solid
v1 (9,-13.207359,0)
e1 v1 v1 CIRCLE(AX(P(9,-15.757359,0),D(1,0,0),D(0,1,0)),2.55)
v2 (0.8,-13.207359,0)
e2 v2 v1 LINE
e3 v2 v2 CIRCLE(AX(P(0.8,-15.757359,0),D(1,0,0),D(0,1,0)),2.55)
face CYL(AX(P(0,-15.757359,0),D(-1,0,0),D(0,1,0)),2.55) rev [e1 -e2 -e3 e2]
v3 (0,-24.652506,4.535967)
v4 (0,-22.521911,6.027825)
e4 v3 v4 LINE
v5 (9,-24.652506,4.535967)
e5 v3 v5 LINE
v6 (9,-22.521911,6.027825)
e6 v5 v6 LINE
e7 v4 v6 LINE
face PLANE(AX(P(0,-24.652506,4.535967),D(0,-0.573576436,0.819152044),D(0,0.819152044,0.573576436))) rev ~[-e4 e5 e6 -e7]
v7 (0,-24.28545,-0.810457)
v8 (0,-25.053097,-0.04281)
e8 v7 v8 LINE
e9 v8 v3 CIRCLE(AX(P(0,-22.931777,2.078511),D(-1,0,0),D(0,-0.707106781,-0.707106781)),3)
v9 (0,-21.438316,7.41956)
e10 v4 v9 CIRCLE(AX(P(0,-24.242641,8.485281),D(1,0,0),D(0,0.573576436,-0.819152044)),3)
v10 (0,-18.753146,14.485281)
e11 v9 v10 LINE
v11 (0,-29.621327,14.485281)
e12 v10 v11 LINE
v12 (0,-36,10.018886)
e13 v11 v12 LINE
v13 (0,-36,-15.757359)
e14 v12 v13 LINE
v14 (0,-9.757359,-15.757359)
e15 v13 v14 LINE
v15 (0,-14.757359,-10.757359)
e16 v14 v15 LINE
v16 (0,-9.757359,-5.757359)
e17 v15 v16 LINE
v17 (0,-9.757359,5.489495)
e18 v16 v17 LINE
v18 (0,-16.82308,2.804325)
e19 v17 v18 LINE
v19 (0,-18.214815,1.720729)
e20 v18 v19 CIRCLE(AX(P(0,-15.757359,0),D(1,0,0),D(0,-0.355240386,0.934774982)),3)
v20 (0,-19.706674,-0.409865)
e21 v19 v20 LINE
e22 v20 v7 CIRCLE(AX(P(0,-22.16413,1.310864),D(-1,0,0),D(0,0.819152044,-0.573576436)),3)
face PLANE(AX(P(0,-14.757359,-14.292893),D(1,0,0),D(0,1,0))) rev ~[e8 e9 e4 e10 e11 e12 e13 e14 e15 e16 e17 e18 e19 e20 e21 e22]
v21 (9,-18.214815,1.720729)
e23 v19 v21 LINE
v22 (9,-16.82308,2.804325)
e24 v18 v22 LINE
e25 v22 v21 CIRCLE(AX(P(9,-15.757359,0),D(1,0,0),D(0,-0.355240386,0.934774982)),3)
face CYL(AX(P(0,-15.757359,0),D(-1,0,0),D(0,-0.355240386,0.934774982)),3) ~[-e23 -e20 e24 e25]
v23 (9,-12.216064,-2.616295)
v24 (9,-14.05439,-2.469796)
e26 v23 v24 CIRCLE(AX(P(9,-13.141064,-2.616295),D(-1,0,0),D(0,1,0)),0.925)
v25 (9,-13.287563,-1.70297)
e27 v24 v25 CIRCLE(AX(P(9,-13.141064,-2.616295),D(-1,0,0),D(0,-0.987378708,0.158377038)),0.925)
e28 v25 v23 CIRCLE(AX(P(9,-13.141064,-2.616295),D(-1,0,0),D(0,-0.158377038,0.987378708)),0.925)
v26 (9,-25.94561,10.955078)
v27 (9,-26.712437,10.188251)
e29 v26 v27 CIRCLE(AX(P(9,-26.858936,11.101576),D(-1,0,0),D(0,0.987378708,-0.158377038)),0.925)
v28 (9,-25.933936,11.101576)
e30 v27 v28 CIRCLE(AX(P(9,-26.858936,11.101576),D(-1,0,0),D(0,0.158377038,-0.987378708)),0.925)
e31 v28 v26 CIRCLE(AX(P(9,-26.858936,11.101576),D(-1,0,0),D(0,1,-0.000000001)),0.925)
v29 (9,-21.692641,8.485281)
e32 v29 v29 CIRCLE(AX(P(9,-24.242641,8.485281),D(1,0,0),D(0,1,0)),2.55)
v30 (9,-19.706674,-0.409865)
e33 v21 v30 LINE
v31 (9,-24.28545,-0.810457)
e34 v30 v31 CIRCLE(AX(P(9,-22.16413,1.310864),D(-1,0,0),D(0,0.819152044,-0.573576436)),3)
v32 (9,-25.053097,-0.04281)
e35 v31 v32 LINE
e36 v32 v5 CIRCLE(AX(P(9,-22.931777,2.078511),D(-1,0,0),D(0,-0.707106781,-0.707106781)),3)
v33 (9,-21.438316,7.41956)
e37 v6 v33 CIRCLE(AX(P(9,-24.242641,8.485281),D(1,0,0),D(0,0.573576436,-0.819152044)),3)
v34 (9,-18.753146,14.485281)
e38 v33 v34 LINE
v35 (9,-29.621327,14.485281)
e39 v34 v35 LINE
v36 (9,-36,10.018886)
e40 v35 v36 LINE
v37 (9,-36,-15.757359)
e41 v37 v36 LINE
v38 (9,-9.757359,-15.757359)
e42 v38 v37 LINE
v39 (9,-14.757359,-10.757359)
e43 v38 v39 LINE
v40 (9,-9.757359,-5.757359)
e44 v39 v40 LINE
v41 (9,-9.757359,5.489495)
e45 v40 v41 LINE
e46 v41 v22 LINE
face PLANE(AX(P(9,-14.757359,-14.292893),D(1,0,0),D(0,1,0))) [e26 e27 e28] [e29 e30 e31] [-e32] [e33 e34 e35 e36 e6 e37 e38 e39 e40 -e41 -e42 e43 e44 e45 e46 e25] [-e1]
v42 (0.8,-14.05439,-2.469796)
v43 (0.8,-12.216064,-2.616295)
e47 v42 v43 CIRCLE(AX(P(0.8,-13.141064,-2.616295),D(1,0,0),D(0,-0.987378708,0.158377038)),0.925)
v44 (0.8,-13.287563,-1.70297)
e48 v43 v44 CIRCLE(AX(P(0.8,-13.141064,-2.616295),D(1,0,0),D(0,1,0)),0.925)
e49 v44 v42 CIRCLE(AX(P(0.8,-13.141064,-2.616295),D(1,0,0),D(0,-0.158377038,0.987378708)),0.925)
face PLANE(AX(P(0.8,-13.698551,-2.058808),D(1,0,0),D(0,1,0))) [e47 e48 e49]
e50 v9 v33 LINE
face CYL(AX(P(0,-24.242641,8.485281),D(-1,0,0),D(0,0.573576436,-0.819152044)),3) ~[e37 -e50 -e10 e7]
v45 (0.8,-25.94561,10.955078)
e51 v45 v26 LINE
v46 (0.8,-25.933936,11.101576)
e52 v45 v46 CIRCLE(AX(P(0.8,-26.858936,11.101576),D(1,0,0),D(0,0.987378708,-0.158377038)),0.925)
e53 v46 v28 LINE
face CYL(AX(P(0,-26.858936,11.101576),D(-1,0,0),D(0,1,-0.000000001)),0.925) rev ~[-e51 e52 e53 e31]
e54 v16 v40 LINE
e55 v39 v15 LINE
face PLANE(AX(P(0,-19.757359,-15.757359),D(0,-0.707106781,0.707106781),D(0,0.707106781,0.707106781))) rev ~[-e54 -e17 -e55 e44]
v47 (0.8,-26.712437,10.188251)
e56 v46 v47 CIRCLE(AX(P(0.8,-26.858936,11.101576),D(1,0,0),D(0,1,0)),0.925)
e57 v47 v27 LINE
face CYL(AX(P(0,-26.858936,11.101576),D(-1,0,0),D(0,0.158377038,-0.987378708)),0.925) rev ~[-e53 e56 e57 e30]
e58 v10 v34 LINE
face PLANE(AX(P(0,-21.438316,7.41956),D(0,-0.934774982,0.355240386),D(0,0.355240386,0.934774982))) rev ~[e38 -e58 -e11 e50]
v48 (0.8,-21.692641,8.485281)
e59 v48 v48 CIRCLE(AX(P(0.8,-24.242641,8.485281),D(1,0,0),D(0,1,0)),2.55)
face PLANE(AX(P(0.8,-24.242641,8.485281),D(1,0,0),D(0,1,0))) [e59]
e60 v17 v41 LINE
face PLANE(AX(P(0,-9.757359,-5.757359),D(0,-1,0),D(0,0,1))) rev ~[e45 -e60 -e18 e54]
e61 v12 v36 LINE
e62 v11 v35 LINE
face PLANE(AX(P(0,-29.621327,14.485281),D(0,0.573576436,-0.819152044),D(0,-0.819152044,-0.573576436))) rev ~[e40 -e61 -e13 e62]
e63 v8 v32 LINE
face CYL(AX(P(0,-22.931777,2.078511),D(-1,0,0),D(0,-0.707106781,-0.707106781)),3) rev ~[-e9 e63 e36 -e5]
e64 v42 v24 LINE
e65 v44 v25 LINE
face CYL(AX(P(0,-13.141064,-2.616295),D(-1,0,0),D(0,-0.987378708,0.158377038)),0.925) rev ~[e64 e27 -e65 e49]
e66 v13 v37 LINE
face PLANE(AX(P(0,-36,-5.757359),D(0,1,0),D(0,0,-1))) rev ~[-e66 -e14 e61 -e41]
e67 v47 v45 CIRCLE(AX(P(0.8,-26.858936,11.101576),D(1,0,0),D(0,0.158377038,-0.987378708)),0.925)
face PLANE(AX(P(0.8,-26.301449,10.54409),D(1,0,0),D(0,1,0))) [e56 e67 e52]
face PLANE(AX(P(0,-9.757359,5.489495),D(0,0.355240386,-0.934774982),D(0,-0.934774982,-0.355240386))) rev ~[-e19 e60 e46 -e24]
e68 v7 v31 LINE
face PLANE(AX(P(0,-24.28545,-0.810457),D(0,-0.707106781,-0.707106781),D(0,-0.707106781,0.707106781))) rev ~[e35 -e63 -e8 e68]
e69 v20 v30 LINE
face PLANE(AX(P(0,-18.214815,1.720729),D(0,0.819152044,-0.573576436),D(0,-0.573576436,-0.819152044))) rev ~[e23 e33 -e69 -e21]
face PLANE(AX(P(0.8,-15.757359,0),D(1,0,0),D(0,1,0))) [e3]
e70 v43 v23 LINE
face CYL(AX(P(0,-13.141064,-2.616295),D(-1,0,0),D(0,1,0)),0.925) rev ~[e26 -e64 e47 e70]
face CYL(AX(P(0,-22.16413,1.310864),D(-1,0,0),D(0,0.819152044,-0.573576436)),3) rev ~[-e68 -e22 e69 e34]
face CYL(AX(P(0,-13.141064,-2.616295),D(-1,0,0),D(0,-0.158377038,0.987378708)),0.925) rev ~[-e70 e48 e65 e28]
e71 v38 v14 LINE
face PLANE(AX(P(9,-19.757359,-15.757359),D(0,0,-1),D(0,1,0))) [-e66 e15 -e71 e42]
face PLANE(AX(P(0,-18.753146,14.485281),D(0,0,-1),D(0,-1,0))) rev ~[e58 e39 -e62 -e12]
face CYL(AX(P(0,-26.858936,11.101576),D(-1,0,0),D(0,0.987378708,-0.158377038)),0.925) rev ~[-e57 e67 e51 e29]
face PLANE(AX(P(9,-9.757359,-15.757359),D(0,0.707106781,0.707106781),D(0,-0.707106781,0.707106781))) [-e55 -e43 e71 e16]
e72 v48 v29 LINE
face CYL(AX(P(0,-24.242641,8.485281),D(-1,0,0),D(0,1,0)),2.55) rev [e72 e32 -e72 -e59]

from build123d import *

# Parameters (mm, degrees)
F0_R     = 2.55
F1_DEPTH = 9
F2_DEPTH = 0.8
F4_DEPTH = 9
F7_DEPTH = 9


with BuildPart() as f1:
    # F0 (on Right) → F1 (new body)
    with BuildSketch(Plane.YZ):
        with BuildLine():
            ThreePointArc((-26.7124370169, 10.1882511594), (-26.3563013281, 6.3563288866), (-22.5219113781, 6.0278252414))
            ThreePointArc((-22.5219113781, 6.0278252414), (-21.875519954, 6.6422568398), (-21.4383157397, 7.4195602151))
            ThreePointArc((-21.4383157397, 7.4195602151), (-21.2919649304, 7.9435133623), (-21.2426406871, 8.4852813742))
            ThreePointArc((-21.2426406871, 8.4852813742), (-22.8478126252, 11.1413037156), (-25.9456104723, 10.9550777041))
            ThreePointArc((-25.9456104723, 10.9550777041), (-26.2048620049, 10.447502692), (-26.7124370169, 10.1882511594))
        make_face()
        with Locations((-24.2426406871, 8.4852813742)):
            Circle(F0_R, mode=Mode.SUBTRACT)
        with BuildLine():
            Line((-24.6525061657, 4.5359667102), (-22.5219113781, 6.0278252414))
            ThreePointArc((-22.5219113781, 6.0278252414), (-26.3563013281, 6.3563288866), (-26.7124370169, 10.1882511594))
            ThreePointArc((-26.7124370169, 10.1882511594), (-27.5629018113, 11.7016238155), (-25.9339357775, 11.1015764646))
            ThreePointArc((-25.9339357775, 11.1015764646), (-25.9368590705, 11.0280948592), (-25.9456104723, 10.9550777041))
            ThreePointArc((-25.9456104723, 10.9550777041), (-22.8478126252, 11.1413037156), (-21.2426406871, 8.4852813742))
            ThreePointArc((-21.2426406871, 8.4852813742), (-21.2919649304, 7.9435133623), (-21.4383157397, 7.4195602151))
            Line((-21.4383157397, 7.4195602151), (-18.7531459804, 14.4852813742))
            Line((-18.7531459804, 14.4852813742), (-29.6213270116, 14.4852813742))
            Line((-29.6213270116, 14.4852813742), (-36, 10.018886464))
            Line((-36, 10.018886464), (-36, -5.7573593129))
            Line((-36, -5.7573593129), (-20, -5.7573593129))
            Line((-20, -5.7573593129), (-9.7573593129, -5.7573593129))
            Line((-9.7573593129, -5.7573593129), (-9.7573593129, -5.3786863245))
            Line((-9.7573593129, -5.3786863245), (-9.7573593129, 5.4894947067))
            Line((-9.7573593129, 5.4894947067), (-16.823080472, 2.8043249475))
            ThreePointArc((-16.823080472, 2.8043249475), (-14.0540043113, 2.4695306718), (-12.7573593129, 0))
            ThreePointArc((-12.7573593129, 0), (-12.8929755232, -0.8917990274), (-13.2875629831, -1.7029697852))
            ThreePointArc((-13.2875629831, -1.7029697852), (-12.5410168717, -1.9123290566), (-12.2160642225, -2.6162950904))
            ThreePointArc((-12.2160642225, -2.6162950904), (-13.2145458279, -3.5383717974), (-14.0543895277, -2.4697963298))
            ThreePointArc((-14.0543895277, -2.4697963298), (-17.8863118005, -2.113660641), (-18.2148154457, 1.7207293091))
            Line((-18.2148154457, 1.7207293091), (-19.7066739769, -0.4098654786))
            ThreePointArc((-19.7066739769, -0.4098654786), (-21.9026628816, -1.6777202638), (-24.2854504534, -0.8104565131))
            Line((-24.2854504534, -0.8104565131), (-25.0530972002, -0.0428097662))
            ThreePointArc((-25.0530972002, -0.0428097662), (-25.9203609509, 2.3399778056), (-24.6525061657, 4.5359667102))
        make_face()
        with BuildLine():
            ThreePointArc((-16.823080472, 2.8043249475), (-17.6003838473, 2.3671207332), (-18.2148154457, 1.7207293091))
            ThreePointArc((-18.2148154457, 1.7207293091), (-17.8863118005, -2.113660641), (-14.0543895277, -2.4697963298))
            ThreePointArc((-14.0543895277, -2.4697963298), (-13.7951379951, -1.9622213178), (-13.2875629831, -1.7029697852))
            ThreePointArc((-13.2875629831, -1.7029697852), (-12.8929755232, -0.8917990274), (-12.7573593129, 0))
            ThreePointArc((-12.7573593129, 0), (-14.0540043113, 2.4695306718), (-16.823080472, 2.8043249475))
        make_face()
        with Locations((-15.7573593129, 0)):
            Circle(F0_R, mode=Mode.SUBTRACT)
    extrude(amount=F1_DEPTH)

    # F0 (on Right) → F2 (join)
    with BuildSketch(Plane.YZ):
        with Locations((-15.7573593129, 0)):
            Circle(F0_R)
        with Locations((-24.2426406871, 8.4852813742)):
            Circle(F0_R)
        with BuildLine():
            ThreePointArc((-25.9456104723, 10.9550777041), (-26.3639610307, 10.6066017178), (-26.7124370169, 10.1882511594))
            ThreePointArc((-26.7124370169, 10.1882511594), (-26.2048620049, 10.447502692), (-25.9456104723, 10.9550777041))
        make_face()
        with BuildLine():
            ThreePointArc((-25.9339357775, 11.1015764646), (-27.5629018113, 11.7016238155), (-26.7124370169, 10.1882511594))
            ThreePointArc((-26.7124370169, 10.1882511594), (-26.3639610307, 10.6066017178), (-25.9456104723, 10.9550777041))
            ThreePointArc((-25.9456104723, 10.9550777041), (-25.9368590705, 11.0280948592), (-25.9339357775, 11.1015764646))
        make_face()
        with BuildLine():
            ThreePointArc((-13.2875629831, -1.7029697852), (-13.7951379951, -1.9622213178), (-14.0543895277, -2.4697963298))
            ThreePointArc((-14.0543895277, -2.4697963298), (-13.6360389693, -2.1213203436), (-13.2875629831, -1.7029697852))
        make_face()
        with BuildLine():
            ThreePointArc((-13.2875629831, -1.7029697852), (-13.6360389693, -2.1213203436), (-14.0543895277, -2.4697963298))
            ThreePointArc((-14.0543895277, -2.4697963298), (-13.2145458279, -3.5383717974), (-12.2160642225, -2.6162950904))
            ThreePointArc((-12.2160642225, -2.6162950904), (-12.5410168717, -1.9123290566), (-13.2875629831, -1.7029697852))
        make_face()
    extrude(amount=F2_DEPTH)

    # F3 (on face) → F4 (join, through all)
    with BuildSketch(Plane.YZ):
        Polygon((-20, -5.7573593129), (-36, -5.7573593129), (-36, -15.7573593129), (-19.7573593129, -15.7573593129), (-9.7573593129, -5.7573593129), align=None)
    extrude(amount=F4_DEPTH)

    # F6 (on face) → F7 (join, through all)
    with BuildSketch(Plane.YZ.offset(9)):
        Polygon((-9.7573593129, -15.7573593129), (-14.7573593129, -10.7573593129), (-19.7573593129, -15.7573593129), align=None)
    extrude(amount=-F7_DEPTH)


solid = f1.part
